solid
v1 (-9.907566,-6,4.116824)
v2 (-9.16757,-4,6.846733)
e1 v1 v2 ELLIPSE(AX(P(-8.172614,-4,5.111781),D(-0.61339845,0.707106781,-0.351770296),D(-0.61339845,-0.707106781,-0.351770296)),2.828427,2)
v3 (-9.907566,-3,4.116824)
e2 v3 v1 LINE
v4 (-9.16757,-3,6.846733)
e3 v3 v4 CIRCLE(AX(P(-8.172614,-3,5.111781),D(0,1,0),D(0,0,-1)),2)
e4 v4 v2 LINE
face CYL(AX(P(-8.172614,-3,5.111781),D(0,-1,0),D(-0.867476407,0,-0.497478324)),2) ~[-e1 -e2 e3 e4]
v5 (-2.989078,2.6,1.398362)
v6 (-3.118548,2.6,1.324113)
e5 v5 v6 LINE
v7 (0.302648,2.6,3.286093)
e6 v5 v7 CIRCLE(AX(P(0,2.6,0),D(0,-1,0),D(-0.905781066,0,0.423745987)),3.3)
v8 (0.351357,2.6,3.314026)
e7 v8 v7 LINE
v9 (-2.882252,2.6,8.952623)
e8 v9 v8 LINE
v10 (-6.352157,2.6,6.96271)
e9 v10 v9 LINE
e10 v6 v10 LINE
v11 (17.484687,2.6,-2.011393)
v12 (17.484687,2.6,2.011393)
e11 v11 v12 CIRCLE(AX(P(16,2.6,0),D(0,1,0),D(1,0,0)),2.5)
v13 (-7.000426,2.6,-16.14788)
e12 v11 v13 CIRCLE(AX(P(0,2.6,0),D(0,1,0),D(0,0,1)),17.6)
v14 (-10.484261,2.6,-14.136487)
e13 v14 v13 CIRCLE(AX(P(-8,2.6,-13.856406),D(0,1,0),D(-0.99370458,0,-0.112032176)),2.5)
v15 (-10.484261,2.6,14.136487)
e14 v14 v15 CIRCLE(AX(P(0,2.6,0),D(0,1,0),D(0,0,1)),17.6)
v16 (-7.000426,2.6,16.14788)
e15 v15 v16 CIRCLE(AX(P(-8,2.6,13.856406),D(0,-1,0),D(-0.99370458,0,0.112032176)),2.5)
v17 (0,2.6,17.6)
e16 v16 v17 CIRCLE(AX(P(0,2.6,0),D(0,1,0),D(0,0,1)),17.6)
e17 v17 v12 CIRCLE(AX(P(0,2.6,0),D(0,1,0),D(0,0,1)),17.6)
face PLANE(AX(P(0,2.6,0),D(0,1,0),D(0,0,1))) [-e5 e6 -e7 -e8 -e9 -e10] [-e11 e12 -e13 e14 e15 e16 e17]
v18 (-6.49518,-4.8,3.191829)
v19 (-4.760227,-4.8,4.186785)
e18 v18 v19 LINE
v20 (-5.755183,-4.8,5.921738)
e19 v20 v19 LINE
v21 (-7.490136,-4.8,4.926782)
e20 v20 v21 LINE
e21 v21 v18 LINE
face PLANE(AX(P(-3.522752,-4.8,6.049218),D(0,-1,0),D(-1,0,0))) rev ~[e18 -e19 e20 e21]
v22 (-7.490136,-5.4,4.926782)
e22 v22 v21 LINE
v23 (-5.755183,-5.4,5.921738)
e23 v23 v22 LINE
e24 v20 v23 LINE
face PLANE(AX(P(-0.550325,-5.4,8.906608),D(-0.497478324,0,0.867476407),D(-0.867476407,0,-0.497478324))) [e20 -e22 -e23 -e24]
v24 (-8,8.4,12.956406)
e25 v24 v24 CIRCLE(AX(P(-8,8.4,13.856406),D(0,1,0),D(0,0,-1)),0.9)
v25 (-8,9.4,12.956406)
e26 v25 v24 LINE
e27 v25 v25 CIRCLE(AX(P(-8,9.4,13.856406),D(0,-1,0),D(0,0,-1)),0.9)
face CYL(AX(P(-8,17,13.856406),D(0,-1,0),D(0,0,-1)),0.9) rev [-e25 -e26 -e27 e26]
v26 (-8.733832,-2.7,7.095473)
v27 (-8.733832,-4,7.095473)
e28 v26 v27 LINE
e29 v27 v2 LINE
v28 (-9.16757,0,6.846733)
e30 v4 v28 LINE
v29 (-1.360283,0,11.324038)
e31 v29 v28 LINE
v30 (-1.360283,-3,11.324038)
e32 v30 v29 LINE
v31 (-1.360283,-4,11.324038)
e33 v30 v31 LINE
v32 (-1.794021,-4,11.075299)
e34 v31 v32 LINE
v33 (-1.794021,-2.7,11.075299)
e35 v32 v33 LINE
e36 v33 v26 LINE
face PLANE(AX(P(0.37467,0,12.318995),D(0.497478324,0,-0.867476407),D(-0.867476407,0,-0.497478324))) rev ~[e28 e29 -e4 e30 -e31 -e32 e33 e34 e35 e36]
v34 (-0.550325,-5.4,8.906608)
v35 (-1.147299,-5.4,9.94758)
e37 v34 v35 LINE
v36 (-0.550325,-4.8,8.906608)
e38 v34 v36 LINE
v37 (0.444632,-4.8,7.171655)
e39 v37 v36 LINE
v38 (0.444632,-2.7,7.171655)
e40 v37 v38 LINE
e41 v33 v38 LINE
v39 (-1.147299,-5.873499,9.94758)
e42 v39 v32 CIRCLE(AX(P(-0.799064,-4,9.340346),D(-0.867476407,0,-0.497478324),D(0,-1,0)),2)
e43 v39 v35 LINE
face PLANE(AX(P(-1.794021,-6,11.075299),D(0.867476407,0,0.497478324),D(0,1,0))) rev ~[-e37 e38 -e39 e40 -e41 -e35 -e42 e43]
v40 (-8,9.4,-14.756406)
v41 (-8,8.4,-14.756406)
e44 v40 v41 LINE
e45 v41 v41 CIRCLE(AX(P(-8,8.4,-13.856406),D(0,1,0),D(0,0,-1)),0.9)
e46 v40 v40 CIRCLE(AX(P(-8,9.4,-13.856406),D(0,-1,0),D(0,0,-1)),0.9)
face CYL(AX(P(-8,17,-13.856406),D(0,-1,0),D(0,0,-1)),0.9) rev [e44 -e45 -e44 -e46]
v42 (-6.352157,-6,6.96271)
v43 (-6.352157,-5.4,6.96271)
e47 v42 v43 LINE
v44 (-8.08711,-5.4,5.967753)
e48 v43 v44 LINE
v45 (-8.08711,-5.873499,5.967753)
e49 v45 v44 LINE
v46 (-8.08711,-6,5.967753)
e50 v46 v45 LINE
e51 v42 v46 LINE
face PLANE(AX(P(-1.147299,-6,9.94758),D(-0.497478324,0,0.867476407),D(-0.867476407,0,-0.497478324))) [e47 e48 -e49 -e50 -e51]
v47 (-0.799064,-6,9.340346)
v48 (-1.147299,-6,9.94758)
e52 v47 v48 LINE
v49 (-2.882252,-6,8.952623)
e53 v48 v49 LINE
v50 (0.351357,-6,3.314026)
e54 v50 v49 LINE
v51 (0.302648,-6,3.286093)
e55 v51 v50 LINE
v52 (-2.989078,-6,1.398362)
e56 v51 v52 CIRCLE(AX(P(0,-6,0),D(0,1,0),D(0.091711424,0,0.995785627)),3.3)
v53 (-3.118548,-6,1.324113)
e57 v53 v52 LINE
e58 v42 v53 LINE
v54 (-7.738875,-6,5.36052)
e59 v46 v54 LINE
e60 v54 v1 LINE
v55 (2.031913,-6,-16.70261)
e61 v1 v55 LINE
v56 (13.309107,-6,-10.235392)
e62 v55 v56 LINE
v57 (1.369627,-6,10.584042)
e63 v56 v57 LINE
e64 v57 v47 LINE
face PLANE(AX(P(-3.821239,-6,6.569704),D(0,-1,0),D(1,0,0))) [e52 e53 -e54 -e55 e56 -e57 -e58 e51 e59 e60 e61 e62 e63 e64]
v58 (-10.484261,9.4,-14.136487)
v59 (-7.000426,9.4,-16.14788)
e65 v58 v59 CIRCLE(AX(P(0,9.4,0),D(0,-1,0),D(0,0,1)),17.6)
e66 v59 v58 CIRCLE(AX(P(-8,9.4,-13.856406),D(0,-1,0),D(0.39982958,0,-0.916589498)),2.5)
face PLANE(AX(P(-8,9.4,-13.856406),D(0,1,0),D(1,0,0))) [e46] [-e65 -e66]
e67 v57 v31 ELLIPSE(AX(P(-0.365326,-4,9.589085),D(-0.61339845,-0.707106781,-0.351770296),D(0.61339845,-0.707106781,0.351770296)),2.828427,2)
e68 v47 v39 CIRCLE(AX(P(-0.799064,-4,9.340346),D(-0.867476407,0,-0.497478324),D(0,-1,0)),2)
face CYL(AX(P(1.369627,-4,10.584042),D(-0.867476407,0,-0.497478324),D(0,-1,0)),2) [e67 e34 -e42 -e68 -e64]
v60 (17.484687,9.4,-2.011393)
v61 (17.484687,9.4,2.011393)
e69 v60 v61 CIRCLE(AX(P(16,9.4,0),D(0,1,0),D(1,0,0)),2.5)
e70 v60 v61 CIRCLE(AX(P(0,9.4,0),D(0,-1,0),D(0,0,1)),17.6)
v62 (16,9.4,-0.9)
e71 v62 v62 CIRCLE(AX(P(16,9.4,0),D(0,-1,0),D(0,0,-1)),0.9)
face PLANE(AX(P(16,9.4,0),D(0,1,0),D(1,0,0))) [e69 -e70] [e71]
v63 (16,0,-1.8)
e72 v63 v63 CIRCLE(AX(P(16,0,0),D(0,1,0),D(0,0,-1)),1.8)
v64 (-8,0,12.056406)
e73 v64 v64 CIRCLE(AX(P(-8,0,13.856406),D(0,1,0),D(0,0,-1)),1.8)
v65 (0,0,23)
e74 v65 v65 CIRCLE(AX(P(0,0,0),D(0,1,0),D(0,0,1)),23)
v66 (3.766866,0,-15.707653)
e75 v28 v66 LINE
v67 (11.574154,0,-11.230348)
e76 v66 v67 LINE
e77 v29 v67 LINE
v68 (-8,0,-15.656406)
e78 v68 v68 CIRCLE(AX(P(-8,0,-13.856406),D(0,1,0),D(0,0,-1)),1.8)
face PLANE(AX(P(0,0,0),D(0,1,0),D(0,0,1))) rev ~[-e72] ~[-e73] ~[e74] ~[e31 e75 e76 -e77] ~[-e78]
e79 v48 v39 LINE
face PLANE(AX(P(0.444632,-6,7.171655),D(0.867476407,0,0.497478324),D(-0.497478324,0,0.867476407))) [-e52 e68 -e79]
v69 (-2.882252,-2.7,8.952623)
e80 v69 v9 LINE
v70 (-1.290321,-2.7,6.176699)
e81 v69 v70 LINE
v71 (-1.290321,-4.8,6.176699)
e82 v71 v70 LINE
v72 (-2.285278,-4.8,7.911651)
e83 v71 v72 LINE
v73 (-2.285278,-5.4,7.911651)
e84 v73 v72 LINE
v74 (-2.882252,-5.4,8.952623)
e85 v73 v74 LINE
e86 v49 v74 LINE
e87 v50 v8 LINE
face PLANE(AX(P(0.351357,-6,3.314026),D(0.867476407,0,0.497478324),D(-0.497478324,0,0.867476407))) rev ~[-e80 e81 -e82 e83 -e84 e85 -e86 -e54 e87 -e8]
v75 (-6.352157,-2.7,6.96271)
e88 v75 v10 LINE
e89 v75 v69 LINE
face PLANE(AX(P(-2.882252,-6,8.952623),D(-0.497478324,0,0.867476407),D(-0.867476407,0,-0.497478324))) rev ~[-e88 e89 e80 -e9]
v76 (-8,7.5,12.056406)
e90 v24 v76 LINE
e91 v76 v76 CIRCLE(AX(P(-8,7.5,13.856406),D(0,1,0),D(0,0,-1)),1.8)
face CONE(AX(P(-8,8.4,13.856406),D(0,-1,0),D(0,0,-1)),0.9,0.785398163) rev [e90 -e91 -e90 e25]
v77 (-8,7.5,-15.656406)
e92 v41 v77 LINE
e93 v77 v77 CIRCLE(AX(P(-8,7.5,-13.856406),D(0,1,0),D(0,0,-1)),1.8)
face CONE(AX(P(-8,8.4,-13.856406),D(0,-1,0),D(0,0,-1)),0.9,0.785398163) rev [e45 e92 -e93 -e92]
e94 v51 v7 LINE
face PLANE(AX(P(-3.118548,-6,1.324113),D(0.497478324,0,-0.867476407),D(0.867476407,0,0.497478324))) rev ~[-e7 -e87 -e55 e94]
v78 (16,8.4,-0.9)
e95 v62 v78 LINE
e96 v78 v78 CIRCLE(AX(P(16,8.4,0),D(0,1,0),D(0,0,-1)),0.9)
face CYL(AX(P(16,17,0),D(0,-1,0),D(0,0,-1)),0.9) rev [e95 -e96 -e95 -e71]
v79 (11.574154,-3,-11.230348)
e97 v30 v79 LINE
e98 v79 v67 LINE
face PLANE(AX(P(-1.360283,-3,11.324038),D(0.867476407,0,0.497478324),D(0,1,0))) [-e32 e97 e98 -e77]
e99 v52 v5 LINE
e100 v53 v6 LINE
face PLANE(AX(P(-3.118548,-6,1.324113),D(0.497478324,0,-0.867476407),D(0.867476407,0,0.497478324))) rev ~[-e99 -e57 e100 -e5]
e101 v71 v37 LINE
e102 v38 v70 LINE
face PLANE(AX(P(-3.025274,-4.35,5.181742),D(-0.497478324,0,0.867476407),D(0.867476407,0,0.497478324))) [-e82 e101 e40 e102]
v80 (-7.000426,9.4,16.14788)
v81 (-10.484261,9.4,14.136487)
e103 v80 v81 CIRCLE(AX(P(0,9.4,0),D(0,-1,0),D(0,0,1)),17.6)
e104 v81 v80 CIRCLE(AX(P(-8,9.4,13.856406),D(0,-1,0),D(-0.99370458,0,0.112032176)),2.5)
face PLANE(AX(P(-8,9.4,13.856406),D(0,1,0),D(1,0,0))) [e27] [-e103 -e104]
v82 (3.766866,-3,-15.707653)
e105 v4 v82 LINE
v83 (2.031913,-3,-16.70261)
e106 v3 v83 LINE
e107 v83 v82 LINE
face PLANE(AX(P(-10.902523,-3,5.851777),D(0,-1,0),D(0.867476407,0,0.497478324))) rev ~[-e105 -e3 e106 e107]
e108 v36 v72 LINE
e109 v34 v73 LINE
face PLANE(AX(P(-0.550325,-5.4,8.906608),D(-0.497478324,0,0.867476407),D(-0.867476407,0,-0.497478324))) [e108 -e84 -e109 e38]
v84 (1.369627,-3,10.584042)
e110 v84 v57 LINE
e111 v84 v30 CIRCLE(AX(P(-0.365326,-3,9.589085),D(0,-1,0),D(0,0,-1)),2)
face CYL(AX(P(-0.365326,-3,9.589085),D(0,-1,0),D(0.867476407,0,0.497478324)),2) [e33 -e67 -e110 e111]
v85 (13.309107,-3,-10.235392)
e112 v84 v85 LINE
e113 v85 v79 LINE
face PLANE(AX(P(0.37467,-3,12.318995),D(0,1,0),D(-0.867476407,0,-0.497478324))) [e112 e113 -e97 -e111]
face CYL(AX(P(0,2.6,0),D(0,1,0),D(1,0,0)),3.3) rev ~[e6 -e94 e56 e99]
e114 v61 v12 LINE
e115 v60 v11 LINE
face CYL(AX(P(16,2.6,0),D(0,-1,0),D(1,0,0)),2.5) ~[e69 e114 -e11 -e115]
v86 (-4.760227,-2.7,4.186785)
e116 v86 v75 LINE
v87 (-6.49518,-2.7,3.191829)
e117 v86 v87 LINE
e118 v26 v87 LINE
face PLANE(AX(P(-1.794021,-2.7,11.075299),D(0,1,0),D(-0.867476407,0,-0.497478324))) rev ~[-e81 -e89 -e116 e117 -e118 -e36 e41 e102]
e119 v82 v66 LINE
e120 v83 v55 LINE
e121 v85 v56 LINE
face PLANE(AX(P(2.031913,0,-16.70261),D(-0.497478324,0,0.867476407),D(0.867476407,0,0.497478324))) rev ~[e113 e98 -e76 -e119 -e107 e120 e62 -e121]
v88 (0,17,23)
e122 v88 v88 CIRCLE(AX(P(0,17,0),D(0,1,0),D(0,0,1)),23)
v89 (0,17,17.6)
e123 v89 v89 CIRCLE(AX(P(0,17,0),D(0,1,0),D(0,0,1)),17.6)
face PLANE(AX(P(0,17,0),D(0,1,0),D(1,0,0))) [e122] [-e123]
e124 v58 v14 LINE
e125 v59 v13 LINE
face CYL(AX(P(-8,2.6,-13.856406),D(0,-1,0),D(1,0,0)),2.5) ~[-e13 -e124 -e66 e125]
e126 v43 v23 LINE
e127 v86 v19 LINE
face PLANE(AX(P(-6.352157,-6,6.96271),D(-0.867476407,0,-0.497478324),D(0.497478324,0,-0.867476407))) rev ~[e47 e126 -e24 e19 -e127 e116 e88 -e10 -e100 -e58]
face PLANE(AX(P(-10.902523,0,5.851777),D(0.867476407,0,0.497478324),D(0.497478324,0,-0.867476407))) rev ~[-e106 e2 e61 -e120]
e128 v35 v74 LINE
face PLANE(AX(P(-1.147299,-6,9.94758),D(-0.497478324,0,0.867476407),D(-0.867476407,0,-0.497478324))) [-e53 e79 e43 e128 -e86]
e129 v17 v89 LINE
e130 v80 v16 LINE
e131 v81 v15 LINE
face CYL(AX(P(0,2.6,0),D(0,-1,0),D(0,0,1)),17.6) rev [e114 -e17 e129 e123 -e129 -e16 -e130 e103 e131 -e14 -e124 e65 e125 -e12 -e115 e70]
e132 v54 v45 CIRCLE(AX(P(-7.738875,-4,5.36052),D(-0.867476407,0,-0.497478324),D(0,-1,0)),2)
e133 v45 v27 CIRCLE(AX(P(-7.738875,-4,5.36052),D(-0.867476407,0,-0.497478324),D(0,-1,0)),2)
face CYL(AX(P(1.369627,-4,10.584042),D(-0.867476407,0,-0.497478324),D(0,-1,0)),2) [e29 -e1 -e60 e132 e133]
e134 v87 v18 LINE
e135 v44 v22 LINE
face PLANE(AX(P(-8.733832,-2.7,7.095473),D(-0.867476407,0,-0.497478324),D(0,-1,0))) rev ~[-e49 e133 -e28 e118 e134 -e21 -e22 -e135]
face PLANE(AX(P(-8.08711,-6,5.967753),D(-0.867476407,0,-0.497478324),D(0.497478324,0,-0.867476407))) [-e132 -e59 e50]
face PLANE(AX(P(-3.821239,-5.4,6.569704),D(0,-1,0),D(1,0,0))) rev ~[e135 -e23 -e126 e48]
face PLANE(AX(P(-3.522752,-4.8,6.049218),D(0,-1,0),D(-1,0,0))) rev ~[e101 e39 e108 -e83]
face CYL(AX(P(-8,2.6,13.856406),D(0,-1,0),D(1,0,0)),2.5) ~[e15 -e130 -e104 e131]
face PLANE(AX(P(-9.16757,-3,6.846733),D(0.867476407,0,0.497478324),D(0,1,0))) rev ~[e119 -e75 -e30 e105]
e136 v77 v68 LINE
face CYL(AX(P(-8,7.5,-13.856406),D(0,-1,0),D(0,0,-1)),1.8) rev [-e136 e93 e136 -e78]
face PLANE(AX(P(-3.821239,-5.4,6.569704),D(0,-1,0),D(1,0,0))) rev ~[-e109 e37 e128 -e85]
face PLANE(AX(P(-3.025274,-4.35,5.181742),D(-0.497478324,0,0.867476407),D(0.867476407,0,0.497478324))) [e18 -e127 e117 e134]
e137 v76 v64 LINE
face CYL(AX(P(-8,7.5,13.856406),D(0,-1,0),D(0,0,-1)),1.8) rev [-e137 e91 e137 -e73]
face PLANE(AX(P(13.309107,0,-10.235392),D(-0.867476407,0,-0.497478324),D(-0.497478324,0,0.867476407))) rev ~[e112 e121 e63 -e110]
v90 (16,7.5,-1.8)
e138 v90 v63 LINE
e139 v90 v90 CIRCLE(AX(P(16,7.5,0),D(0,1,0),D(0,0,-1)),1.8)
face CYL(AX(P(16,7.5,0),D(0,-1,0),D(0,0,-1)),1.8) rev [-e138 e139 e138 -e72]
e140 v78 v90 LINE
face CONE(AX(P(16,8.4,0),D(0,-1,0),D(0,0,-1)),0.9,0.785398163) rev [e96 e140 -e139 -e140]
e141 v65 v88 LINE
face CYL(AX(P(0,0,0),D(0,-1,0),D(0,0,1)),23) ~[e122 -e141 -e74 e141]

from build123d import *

# Parameters (mm, degrees)
SKETCH1_R                                    = 23
MAIN_BODY_DEPTH                              = 17
SHELL1_T                                     = -2.6
SKETCH22_R                                   = 20.400000000000006
SKETCH22_R_2                                 = 17.6
SIDE_PADDING_DEPTH                           = 14.4
SKETCH24_R                                   = 2.5000000000000004
SKETCH24_R_2                                 = 2.4999999999999982
SCREW_SUPPORTS_DEPTH                         = 6.8
CSK_SLOT_FOR_M1_6_COUNTERSUNK_FLAT_H_2_COUNT = 2
CSK_SLOT_FOR_M1_6_COUNTERSUNK_FLAT_H_2_PITCH = 27.712812921102078
CSK_SLOT_FOR_M1_6_COUNTERSUNK_FLAT_H_3_COUNT = 2
CSK_SLOT_FOR_M1_6_COUNTERSUNK_FLAT_H_3_PITCH = 27.712812921101964
CONNECTOR_BODY_DEPTH                         = 6
SKETCH29_W                                   = 1.9999999999999991
SKETCH29_H                                   = 3
CONNECTOR_CUTS_DEPTH                         = 47.00572879607992
FILLET2_R                                    = 2
POGO_HOLE_DEPTH                              = 4.5
POGO_TOP_SUPPORT_DEPTH                       = 0.6
POGO_BACK_SUPPORT_DEPTH                      = 0.6
MIDDLE_WIRE_CUT_DEPTH                        = 40.83716857408418
SKETCH35_R                                   = 3.3000000000000003
SLIP_RING_HOLE_DEPTH                         = 36.57189902155914


with BuildPart() as part:
    # Sketch1 → main body (new body)
    with BuildSketch(Plane(origin=(0, 0, 0), x_dir=(1, 0, 0), z_dir=(0, 1, 0))):
        with Locations(Location((0, 0, 0), (0, 0, 270))):
            Circle(SKETCH1_R)
    extrude(amount=MAIN_BODY_DEPTH)

    # Shell1
    shell1_openings = [part.faces().sort_by_distance(p)[0] for p in [
        (0, 17, 0),
    ]]
    offset(amount=SHELL1_T, openings=shell1_openings, kind=Kind.INTERSECTION)

    # Sketch22 → side padding (add)
    with BuildSketch(Plane(origin=(0, 2.6, 0), x_dir=(1, 0, 0), z_dir=(0, 1, 0))):
        Circle(SKETCH22_R)
        with Locations(Location((0, 0, 0), (0, 0, 270))):
            Circle(SKETCH22_R_2, mode=Mode.SUBTRACT)
    extrude(amount=SIDE_PADDING_DEPTH)

    # Sketch24 → screw supports (add)
    with BuildSketch(Plane(origin=(0, 2.6, 0), x_dir=(1, 0, 0), z_dir=(0, 1, 0))):
        with Locations((-8.000000000000066, 13.856406460550984)):
            Circle(SKETCH24_R)
        with Locations((16.00000000000061, 1.09033e-12)):
            Circle(SKETCH24_R_2)
        with Locations((-7.999999999998755, -13.856406460551078)):
            Circle(SKETCH24_R)
    extrude(amount=SCREW_SUPPORTS_DEPTH)

    # Sketch26 → CSK SLOT for M1.6 Countersunk Flat Head Screw2 (revolve, cut)
    with BuildSketch(Plane(origin=(-7.999999999999872, 0, 13.856406460551092), x_dir=(0, 0, -1), z_dir=(1, 0, 0))):
        Polygon((0, 0), (-4.16e-15, 17), (0.899999999999995, 17), (0.899999999999999, 8.4), (1.799999999999998, 7.5), (1.7999999999999996, -3.47e-15), align=None)
    csk_slot_for_m1_6_countersunk_flat_head = revolve(axis=Axis((-7.999999999999872, -6.349999999999991, 13.856406460551092), (0, 1, 0)), mode=Mode.SUBTRACT)

    # CSK SLOT for M1.6 Countersunk Flat H 2: CSK SLOT for M1.6 Countersunk Flat Head Screw2 ×2
    with Locations(*[(0, 0, -i * CSK_SLOT_FOR_M1_6_COUNTERSUNK_FLAT_H_2_PITCH) for i in range(1, CSK_SLOT_FOR_M1_6_COUNTERSUNK_FLAT_H_2_COUNT)]):
        add(csk_slot_for_m1_6_countersunk_flat_head, mode=Mode.SUBTRACT)

    # CSK SLOT for M1.6 Countersunk Flat H 3: CSK SLOT for M1.6 Countersunk Flat Head Screw2 ×2
    with Locations(*[Vector(0.8660254037844364, 0, -0.5000000000000041) * (i * CSK_SLOT_FOR_M1_6_COUNTERSUNK_FLAT_H_3_PITCH) for i in range(1, CSK_SLOT_FOR_M1_6_COUNTERSUNK_FLAT_H_3_COUNT)]):
        add(csk_slot_for_m1_6_countersunk_flat_head, mode=Mode.SUBTRACT)

    # Sketch28 → connector body (add)
    with BuildSketch(Plane.XZ):
        Polygon((2.0319134377332504, -16.7026098711818), (13.309106732280016, -10.235391659506115), (0.3746703089286471, 12.318994929587399), (-10.90252298561811, 5.8517767179117195), align=None)
    extrude(amount=CONNECTOR_BODY_DEPTH)

    # Sketch29 → connector cuts (cut, through all)
    with BuildSketch(Plane(origin=(-5.223545835654305, 0, 9.108543139189257), x_dir=(0.8674764072728275, 0, 0.4974783239750529), z_dir=(-0.4974783239750529, 0, 0.8674764072728275))):
        with Locations((-5.5465493958704535, -1.5)):
            Rectangle(SKETCH29_W, SKETCH29_H)
        Polygon((6.453450604129538, 1.59e-15), (6.453450604129538, -2.9999999999999982), (4.453450604129538, -2.9999999999999987), (4.453450604129538, 1.1e-15), align=None)
    extrude(amount=-CONNECTOR_CUTS_DEPTH, mode=Mode.SUBTRACT)

    # Fillet2
    fillet2_edges = [part.edges().sort_by_distance(p)[0] for p in [
        (-10.90252298561811, -4.5, 5.8517767179117195),
        (0.3746703089286471, -4.499999999999999, 12.318994929587399),
        (-5.263926338344731, -6, 9.08538582374956),
    ]]
    fillet(fillet2_edges, radius=FILLET2_R)

    # Sketch30 → pogo hole (cut)
    with BuildSketch(Plane(origin=(-5.223545835654305, 0, 9.108543139189257), x_dir=(0.8674764072728275, 0, 0.4974783239750529), z_dir=(-0.4974783239750529, 0, 0.8674764072728275))):
        Polygon((3.953450604129541, -2.6999999999999975), (-4.046549395870457, -2.7), (-4.046549395870457, -6), (3.953450604129543, -5.999999999999997), align=None)
    extrude(amount=-POGO_HOLE_DEPTH, mode=Mode.SUBTRACT)

    # Sketch31 → pogo top support (add)
    with BuildSketch(Plane.XZ.offset(6)):
        Polygon((-6.495179509548303, 3.1918286951216346), (0.44463174863431776, 7.171655286922058), (-1.1472988880858548, 9.947579790195107), (-8.087110146268472, 5.967753198394682), align=None)
    extrude(amount=-POGO_TOP_SUPPORT_DEPTH)

    # Sketch33 → pogo back support (add)
    with BuildSketch(Plane(origin=(0, -5.4, 0), x_dir=(1, 0, 0), z_dir=(0, 1, 0))):
        Polygon((-6.4951795095483025, -3.191828695121635), (0.44463174863431776, -7.171655286922058), (-0.5503248993157871, -8.906608101467711), (-7.490136157498408, -4.926781509667289), align=None)
    extrude(amount=POGO_BACK_SUPPORT_DEPTH)

    # Sketch34 → middle wire cut (cut, through all)
    with BuildSketch(Plane.XZ.offset(6)):
        Polygon((-6.352157331722817, 6.962709846344788), (-3.1185482258849735, 1.3241131990714121), (0.35135740320633424, 3.314026494971624), (-2.8822517026315113, 8.952623142245), align=None)
    extrude(amount=-MIDDLE_WIRE_CUT_DEPTH, mode=Mode.SUBTRACT)

    # Sketch35 → slip ring hole (cut, through all)
    with BuildSketch(Plane(origin=(0, 2.6, 0), x_dir=(1, 0, 0), z_dir=(0, 1, 0))):
        Circle(SKETCH35_R)
    extrude(amount=-SLIP_RING_HOLE_DEPTH, mode=Mode.SUBTRACT)


solid = part.part
